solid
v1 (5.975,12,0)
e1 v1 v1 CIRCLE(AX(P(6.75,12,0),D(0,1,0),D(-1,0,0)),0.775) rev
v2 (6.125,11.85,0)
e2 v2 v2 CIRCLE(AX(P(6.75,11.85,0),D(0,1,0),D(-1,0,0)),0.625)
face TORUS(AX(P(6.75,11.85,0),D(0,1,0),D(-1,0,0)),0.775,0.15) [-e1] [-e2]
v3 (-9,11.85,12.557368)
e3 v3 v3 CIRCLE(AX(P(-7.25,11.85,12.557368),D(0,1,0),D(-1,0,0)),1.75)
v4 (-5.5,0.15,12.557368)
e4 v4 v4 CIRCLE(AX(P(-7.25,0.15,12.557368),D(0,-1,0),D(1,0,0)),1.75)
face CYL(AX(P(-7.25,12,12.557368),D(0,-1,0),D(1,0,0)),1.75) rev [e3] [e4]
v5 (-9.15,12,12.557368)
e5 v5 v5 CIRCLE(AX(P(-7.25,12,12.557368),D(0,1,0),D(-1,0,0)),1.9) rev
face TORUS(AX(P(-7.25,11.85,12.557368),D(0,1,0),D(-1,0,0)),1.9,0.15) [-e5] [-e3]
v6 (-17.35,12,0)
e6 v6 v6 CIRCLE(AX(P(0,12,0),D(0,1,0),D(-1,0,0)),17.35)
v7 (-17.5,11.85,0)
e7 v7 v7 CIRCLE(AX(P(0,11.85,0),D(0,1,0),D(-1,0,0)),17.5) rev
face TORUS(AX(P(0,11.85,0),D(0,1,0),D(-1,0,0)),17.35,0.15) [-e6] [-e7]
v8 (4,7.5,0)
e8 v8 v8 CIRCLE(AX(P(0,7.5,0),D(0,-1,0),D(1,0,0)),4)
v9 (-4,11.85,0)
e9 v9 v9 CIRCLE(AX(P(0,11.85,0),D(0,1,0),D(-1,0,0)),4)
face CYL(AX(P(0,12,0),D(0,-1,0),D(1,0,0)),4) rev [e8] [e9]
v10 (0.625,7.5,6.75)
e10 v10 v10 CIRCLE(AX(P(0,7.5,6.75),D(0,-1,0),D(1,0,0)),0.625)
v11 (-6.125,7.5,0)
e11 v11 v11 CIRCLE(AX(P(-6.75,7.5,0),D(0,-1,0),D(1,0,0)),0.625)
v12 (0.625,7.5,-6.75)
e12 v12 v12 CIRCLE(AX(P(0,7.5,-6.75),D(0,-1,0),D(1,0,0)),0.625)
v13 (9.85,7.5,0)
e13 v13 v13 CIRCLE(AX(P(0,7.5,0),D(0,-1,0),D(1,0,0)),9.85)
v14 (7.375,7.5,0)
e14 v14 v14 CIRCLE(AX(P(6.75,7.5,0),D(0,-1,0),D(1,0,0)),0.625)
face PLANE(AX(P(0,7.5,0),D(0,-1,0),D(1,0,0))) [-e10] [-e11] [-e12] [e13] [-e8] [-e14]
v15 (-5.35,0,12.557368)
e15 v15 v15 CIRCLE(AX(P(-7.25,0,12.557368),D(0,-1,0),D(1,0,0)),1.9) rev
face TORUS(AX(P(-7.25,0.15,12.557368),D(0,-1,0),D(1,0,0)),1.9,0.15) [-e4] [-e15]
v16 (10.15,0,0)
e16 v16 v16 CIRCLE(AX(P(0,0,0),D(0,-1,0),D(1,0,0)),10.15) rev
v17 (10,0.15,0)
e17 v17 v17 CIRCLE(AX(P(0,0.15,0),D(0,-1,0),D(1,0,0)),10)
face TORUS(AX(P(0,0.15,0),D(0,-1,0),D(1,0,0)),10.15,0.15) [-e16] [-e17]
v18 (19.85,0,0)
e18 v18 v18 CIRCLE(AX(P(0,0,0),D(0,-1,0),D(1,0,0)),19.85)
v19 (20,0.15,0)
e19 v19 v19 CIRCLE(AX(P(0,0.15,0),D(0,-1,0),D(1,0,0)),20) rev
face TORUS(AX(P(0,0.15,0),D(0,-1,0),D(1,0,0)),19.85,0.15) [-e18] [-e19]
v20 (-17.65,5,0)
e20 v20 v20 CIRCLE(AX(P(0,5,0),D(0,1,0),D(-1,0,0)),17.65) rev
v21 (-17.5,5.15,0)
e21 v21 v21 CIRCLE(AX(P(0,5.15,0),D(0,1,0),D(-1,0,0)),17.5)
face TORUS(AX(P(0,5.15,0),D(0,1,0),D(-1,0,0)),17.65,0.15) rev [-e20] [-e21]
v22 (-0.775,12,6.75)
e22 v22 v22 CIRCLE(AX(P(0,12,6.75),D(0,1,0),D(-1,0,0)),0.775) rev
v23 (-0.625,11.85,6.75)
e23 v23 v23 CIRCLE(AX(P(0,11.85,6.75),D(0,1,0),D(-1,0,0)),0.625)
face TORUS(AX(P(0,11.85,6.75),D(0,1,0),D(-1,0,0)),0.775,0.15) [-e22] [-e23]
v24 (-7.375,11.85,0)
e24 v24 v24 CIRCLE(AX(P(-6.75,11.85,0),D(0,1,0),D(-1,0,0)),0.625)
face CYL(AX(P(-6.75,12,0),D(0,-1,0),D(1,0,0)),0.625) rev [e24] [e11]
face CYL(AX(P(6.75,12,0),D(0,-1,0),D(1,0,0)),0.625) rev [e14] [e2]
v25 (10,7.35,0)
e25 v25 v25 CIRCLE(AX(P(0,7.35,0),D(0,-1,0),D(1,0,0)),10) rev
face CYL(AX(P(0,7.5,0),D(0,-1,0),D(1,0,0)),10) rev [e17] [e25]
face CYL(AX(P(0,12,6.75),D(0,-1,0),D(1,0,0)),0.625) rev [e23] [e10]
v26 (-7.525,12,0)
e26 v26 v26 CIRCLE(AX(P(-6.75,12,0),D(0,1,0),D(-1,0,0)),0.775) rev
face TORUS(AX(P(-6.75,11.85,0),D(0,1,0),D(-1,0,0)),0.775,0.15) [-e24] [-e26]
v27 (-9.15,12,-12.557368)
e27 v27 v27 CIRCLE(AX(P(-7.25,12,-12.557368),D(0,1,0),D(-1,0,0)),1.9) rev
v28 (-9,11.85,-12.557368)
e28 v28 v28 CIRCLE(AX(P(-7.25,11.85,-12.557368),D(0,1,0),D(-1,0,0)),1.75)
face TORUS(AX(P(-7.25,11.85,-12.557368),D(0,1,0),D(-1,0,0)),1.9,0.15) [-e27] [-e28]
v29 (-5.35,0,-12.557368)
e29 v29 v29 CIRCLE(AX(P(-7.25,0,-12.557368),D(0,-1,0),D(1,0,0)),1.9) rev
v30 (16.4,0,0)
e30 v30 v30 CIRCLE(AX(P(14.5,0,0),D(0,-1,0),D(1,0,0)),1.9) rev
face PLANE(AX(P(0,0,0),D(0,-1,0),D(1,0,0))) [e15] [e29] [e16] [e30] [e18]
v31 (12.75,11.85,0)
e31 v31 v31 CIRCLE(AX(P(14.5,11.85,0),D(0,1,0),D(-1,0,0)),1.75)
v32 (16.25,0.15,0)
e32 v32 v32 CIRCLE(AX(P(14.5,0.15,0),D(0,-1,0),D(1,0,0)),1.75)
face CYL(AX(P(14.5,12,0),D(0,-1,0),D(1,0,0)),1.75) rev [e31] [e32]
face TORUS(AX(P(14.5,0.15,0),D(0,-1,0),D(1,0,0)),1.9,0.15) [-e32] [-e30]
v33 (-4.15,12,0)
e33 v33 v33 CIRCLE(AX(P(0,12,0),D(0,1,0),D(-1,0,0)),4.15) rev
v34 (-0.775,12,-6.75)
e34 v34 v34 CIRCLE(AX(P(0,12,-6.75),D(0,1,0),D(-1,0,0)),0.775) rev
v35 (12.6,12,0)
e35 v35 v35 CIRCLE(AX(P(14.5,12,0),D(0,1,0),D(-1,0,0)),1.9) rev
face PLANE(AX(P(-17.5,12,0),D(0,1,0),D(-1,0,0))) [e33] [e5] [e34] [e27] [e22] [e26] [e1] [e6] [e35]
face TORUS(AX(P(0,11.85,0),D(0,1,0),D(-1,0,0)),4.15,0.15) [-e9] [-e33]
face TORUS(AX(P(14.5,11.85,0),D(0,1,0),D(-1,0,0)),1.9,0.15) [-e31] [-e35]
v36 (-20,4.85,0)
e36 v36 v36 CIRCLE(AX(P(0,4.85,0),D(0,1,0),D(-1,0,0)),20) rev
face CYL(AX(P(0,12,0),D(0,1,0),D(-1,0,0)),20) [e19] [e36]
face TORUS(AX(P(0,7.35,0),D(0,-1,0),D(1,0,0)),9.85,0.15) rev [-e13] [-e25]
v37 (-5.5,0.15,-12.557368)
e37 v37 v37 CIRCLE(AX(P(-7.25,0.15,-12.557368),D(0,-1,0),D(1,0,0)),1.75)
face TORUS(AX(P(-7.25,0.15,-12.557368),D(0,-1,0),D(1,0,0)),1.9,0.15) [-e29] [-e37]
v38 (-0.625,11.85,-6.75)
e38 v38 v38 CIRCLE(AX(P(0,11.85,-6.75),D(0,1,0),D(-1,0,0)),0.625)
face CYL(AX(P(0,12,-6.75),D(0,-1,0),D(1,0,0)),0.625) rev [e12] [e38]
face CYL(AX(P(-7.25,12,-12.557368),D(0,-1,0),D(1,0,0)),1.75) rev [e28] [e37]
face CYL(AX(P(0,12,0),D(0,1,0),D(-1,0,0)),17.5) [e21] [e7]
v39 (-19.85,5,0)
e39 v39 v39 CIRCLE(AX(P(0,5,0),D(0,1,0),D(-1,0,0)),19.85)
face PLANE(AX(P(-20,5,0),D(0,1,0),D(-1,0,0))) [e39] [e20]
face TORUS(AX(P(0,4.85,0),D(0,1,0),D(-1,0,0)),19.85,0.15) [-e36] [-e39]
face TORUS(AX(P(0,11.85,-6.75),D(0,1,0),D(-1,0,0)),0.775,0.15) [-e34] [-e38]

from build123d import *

# Parameters (mm, degrees)
SKETCH2_R          = 1.75
SKETCH2_R_2        = 4
SKETCH2_R_3        = 0.625
CUT_EXTRUDE1_DEPTH = 31.724582991
SKETCH2_3_R        = 10
SKETCH2_3_R_2      = 4
SKETCH2_3_R_3      = 0.625
SKETCH2_3_R_4      = 1.75
CUT_EXTRUDE2_DEPTH = 7.5
FILLET2_R          = 0.15
FILLET3_R          = 0.15


with BuildPart() as part:
    # Sketch1 → Revolve1 (revolve)
    with BuildSketch(Plane.XY):
        Polygon((0, 0), (-20, 0), (-20, 5), (-17.5, 5), (-17.5, 12), (0, 12), align=None)
    revolve(axis=Axis((0, 12, 0), (0, -1, 0)))

    # Sketch2 → Cut-Extrude1 (cut, through all)
    with BuildSketch(Plane.XZ):
        with Locations((14.5, 0)):
            Circle(SKETCH2_R)
        with Locations((-7.25, -12.557368355)):
            Circle(SKETCH2_R)
        with Locations((-7.25, 12.557368355)):
            Circle(SKETCH2_R)
        Circle(SKETCH2_R_2)
        with Locations((6.75, 0)):
            Circle(SKETCH2_R_3)
        with Locations((0, -6.75)):
            Circle(SKETCH2_R_3)
        with Locations((-6.75, 0)):
            Circle(SKETCH2_R_3)
        with Locations((0, 6.75)):
            Circle(SKETCH2_R_3)
    extrude(amount=-CUT_EXTRUDE1_DEPTH, mode=Mode.SUBTRACT)

    # Sketch2<3> → Cut-Extrude2 (cut)
    # profile 1 of 4: a face of its own
    with BuildSketch(Plane.XZ):
        Circle(SKETCH2_3_R)
        Circle(SKETCH2_3_R_2, mode=Mode.SUBTRACT)
        with Locations((6.75, 0)):
            Circle(SKETCH2_3_R_3, mode=Mode.SUBTRACT)
        with Locations((0, -6.75)):
            Circle(SKETCH2_3_R_3, mode=Mode.SUBTRACT)
        with Locations((-6.75, 0)):
            Circle(SKETCH2_3_R_3, mode=Mode.SUBTRACT)
        with Locations((0, 6.75)):
            Circle(SKETCH2_3_R_3, mode=Mode.SUBTRACT)
    # profile 2 of 4: a face of its own
    with BuildSketch(Plane.XZ):
        with Locations((14.5, 0)):
            Circle(SKETCH2_3_R_4)
    # profile 3 of 4: a face of its own
    with BuildSketch(Plane.XZ):
        with Locations((-7.25, -12.557368355)):
            Circle(SKETCH2_3_R_4)
    # profile 4 of 4: a face of its own
    with BuildSketch(Plane.XZ):
        with Locations((-7.25, 12.557368355)):
            Circle(SKETCH2_3_R_4)
    extrude(amount=-CUT_EXTRUDE2_DEPTH, mode=Mode.SUBTRACT)

    # Fillet2
    fillet2_edges = [part.edges().sort_by_distance(p)[0] for p in [
        (-9, 0, 12.557368355),
        (-9, 0, -12.557368355),
        (12.75, 0, 0),
        (17.5, 12, 0),
        (-10, 0, 0),
        (17.5, 5, 0),
        (20, 5, 0),
        (20, 0, 0),
    ]]
    fillet(fillet2_edges, radius=FILLET2_R)

    # Fillet3
    fillet3_edges = [part.edges().sort_by_distance(p)[0] for p in [
        (-9, 12, 12.557368355),
        (-9, 12, -12.557368355),
        (-0.625, 12, -6.75),
        (6.125, 12, 0),
        (-4, 12, 0),
        (12.75, 12, 0),
        (-0.625, 12, 6.75),
        (-7.375, 12, 0),
        (-10, 7.5, 0),
    ]]
    fillet(fillet3_edges, radius=FILLET3_R)


solid = part.part
